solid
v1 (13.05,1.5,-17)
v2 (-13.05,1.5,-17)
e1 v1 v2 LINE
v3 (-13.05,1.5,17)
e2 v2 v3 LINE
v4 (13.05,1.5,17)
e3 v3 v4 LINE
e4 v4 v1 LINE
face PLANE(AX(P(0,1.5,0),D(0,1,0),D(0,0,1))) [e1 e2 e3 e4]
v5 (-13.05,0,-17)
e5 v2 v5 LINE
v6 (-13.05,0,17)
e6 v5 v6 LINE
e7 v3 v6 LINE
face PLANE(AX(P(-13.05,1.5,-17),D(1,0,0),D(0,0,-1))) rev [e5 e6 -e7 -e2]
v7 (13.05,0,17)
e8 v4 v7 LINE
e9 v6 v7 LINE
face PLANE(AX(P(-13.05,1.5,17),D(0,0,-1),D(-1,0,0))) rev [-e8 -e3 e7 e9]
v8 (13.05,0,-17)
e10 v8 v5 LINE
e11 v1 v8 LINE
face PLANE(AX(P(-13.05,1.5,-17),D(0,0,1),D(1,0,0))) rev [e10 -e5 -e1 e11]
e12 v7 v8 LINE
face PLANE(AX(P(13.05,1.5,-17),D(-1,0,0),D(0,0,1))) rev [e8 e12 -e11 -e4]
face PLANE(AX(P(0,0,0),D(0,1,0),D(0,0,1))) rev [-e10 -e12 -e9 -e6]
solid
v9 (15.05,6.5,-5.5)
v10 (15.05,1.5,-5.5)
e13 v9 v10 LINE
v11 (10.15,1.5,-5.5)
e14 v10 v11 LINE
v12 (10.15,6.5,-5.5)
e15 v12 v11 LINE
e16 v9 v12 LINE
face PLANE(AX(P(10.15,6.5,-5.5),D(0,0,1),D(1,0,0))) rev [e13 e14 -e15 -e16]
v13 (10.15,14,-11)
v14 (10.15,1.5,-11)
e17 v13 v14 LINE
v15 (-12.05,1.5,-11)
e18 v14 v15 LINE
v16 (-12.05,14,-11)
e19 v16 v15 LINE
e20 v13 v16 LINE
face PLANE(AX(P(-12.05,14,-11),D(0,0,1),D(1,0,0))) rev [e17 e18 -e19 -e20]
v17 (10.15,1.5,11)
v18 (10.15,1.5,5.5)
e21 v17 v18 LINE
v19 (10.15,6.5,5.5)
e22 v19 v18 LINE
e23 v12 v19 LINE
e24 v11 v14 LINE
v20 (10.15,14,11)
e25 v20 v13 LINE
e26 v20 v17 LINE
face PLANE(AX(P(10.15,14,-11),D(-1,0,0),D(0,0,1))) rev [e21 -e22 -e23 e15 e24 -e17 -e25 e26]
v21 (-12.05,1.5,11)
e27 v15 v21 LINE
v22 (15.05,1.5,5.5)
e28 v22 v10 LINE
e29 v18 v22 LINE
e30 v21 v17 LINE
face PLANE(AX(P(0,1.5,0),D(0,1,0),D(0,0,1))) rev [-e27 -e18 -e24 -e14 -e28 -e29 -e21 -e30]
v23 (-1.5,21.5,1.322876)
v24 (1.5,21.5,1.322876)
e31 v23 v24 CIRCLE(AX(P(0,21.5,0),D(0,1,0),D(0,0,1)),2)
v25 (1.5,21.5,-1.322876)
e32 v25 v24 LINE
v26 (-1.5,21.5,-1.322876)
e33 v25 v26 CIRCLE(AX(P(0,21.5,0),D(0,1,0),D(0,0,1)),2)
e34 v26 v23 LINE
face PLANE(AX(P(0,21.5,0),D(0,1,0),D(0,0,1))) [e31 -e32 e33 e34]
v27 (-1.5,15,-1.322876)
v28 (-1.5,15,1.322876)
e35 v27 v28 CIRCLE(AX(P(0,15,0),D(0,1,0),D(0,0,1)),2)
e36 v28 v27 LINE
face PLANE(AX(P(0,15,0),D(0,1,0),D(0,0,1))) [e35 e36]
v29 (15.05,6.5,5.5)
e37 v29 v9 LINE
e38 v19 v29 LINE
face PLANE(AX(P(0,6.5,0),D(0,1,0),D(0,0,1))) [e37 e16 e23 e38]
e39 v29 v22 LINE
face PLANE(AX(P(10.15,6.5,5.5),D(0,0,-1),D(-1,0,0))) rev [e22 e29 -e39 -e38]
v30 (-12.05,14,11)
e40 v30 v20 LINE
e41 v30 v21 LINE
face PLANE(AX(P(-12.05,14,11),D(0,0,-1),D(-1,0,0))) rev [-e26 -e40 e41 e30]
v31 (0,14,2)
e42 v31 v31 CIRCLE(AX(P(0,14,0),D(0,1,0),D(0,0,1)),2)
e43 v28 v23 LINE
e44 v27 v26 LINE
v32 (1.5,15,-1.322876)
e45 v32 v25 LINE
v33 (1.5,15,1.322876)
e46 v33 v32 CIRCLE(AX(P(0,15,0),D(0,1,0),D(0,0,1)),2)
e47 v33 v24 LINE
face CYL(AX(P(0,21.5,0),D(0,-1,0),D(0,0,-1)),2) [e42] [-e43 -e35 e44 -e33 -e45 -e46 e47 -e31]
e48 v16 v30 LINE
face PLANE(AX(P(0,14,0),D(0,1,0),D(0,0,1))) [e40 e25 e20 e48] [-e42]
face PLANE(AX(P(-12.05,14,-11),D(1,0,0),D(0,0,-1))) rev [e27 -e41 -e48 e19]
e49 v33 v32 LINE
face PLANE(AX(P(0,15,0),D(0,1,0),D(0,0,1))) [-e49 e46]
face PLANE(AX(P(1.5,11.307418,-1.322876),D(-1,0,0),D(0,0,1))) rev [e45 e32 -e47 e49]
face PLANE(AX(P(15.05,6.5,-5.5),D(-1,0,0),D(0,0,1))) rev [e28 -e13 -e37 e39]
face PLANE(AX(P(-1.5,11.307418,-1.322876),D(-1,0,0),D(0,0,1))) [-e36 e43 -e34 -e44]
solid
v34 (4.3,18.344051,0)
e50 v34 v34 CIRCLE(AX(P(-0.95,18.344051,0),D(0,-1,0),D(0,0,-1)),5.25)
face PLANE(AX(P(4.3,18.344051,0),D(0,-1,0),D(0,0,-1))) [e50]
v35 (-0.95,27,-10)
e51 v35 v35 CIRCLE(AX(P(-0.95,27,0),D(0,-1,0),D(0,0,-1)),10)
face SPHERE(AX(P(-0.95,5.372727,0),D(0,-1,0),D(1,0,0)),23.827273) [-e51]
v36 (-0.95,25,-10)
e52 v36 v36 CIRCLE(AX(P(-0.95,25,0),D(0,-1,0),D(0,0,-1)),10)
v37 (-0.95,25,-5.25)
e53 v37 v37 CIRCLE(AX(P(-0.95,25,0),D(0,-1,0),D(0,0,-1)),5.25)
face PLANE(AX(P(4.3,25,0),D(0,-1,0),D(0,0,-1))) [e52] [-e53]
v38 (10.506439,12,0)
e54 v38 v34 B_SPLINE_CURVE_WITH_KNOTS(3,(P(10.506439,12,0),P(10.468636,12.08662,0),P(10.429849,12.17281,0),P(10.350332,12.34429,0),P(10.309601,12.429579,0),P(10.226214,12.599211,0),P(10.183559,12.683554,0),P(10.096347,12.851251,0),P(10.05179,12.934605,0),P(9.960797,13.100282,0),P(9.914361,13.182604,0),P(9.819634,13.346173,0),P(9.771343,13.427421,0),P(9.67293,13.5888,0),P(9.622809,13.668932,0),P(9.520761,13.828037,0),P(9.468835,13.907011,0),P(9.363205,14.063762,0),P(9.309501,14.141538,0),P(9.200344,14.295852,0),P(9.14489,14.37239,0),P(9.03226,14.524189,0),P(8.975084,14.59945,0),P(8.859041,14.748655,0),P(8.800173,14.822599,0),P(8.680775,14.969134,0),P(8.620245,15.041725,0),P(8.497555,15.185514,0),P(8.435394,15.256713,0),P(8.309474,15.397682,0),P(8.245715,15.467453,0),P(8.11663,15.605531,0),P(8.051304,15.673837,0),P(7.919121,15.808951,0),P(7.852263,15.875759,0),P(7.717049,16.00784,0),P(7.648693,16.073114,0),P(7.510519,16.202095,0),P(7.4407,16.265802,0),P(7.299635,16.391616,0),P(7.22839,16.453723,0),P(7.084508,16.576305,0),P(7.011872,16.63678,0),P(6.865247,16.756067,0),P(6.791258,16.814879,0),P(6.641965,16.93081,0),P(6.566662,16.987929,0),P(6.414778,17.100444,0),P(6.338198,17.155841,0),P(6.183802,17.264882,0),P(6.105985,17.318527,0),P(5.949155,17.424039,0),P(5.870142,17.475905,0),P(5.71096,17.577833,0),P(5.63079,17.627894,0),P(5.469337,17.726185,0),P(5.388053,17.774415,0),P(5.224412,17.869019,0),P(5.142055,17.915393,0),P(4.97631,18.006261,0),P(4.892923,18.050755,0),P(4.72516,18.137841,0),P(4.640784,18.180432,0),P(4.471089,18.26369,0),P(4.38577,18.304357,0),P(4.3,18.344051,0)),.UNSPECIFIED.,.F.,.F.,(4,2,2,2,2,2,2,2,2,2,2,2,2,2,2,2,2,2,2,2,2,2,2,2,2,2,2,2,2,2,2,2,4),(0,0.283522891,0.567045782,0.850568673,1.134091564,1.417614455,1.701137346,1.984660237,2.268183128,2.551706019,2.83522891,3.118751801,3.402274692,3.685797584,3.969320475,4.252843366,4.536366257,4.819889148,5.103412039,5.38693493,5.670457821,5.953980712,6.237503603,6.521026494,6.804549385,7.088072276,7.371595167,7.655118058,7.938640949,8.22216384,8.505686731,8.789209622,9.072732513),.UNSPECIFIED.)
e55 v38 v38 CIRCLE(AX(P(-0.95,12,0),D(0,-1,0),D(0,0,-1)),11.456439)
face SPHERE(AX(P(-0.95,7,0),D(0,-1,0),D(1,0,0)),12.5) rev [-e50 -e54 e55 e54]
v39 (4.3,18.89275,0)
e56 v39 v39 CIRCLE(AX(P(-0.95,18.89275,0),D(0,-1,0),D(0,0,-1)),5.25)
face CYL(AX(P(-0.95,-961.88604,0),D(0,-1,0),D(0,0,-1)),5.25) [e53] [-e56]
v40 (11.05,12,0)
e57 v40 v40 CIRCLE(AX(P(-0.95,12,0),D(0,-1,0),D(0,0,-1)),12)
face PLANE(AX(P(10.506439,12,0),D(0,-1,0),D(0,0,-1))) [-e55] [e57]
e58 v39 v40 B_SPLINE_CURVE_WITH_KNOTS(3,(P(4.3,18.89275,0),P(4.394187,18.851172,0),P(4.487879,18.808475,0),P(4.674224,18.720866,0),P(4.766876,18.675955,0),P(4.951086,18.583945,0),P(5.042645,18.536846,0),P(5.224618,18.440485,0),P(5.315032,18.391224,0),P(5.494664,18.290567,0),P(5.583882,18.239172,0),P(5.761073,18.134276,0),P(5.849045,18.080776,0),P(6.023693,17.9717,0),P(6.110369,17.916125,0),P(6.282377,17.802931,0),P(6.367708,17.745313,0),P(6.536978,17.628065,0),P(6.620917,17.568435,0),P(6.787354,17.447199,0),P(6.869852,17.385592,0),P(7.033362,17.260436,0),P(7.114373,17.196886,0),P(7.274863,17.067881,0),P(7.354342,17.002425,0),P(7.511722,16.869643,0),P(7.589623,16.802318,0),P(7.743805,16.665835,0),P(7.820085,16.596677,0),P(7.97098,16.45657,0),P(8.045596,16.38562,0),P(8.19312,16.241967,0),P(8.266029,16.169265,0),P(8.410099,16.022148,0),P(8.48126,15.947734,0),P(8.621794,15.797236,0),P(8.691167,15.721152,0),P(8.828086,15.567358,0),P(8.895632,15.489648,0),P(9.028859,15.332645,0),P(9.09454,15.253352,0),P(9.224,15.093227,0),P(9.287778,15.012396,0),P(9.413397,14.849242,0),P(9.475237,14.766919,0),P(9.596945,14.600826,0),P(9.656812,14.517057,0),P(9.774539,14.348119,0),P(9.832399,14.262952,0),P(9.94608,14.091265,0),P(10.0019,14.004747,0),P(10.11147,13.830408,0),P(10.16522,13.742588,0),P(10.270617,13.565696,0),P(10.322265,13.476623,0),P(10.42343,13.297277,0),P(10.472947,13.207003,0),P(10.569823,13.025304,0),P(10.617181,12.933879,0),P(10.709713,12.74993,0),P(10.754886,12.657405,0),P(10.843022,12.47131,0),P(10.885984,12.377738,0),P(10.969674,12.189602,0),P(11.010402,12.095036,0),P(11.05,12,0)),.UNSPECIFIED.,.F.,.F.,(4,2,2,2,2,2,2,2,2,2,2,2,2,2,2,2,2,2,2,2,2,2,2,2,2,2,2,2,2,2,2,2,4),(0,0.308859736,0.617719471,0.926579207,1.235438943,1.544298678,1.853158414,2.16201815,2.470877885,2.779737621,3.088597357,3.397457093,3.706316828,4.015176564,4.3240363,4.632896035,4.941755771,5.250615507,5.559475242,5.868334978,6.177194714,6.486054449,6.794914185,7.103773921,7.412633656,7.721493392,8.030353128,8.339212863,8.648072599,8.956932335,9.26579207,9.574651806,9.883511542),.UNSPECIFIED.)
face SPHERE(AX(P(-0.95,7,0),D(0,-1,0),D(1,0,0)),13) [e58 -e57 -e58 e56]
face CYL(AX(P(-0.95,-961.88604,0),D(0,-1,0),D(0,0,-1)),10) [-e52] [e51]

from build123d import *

# Parameters (mm, degrees)
SKETCH1_W           = 26.1
SKETCH1_H           = 34
BOSS_EXTRUDE1_DEPTH = 1.5
SKETCH2_W           = 22.2
SKETCH2_H           = 22
BOSS_EXTRUDE2_DEPTH = 12.5
SKETCH3_W           = 4.9
SKETCH3_H           = 11
BOSS_EXTRUDE3_DEPTH = 5
SKETCH4_R           = 2
BOSS_EXTRUDE4_DEPTH = 7.5
SKETCH5_W           = 0.5
SKETCH5_H           = 2.645751312
CUT_EXTRUDE1_DEPTH  = 6.5


with BuildPart() as part:
    # Sketch1 → Boss-Extrude1 (new body)
    with BuildSketch(Plane(origin=(0, 0, 0), x_dir=(1, 0, 0), z_dir=(0, 1, 0))):
        Rectangle(SKETCH1_W, SKETCH1_H)
    extrude(amount=BOSS_EXTRUDE1_DEPTH)


with BuildPart() as body_2:
    # Sketch2 → Boss-Extrude2 (new body)
    with BuildSketch(Plane(origin=(0, 1.5, 0), x_dir=(1, 0, 0), z_dir=(0, 1, 0))):
        with Locations((-0.95, 0)):
            Rectangle(SKETCH2_W, SKETCH2_H)
    extrude(amount=BOSS_EXTRUDE2_DEPTH)

    # Sketch3 → Boss-Extrude3 (add)
    with BuildSketch(Plane(origin=(0, 1.5, 0), x_dir=(1, 0, 0), z_dir=(0, 1, 0))):
        with Locations((12.6, 0)):
            Rectangle(SKETCH3_W, SKETCH3_H)
    extrude(amount=BOSS_EXTRUDE3_DEPTH)

    # Sketch4 → Boss-Extrude4 (add)
    with BuildSketch(Plane(origin=(0, 14, 0), x_dir=(1, 0, 0), z_dir=(0, 1, 0))):
        with Locations(Location((0, 0, 0), (0, 0, 270))):
            Circle(SKETCH4_R)
    extrude(amount=BOSS_EXTRUDE4_DEPTH)

    # Sketch5 → Cut-Extrude1 (cut)
    with BuildSketch(Plane(origin=(0, 21.5, 0), x_dir=(1, 0, 0), z_dir=(0, 1, 0))):
        with Locations((1.75, 0)):
            Rectangle(SKETCH5_W, SKETCH5_H)
    cut_extrude1 = extrude(amount=-CUT_EXTRUDE1_DEPTH, mode=Mode.SUBTRACT)

    # Mirror1: Cut-Extrude1 across plane
    add(cut_extrude1.mirror(Plane(origin=(0, 0, 0), x_dir=(0, 0, 1), z_dir=(1, 0, 0))), mode=Mode.SUBTRACT)


with BuildPart() as body_3:
    # Sketch9 → Revolve1 (revolve)
    with BuildSketch(Plane.XY):
        with BuildLine():
            Line((-0.95, 18.344051305), (-0.95, 29.2))
            ThreePointArc((-0.95, 29.2), (4.169570294, 28.643501338), (9.05, 27))
            Line((9.05, 27), (9.05, 25))
            Line((9.05, 25), (4.3, 25))
            Line((4.3, 25), (4.3, 18.892749892))
            ThreePointArc((4.3, 18.892749892), (8.338063591, 16.09570639), (11.05, 12))
            Line((11.05, 12), (10.506439237, 12))
            ThreePointArc((10.506439237, 12), (7.98521263, 15.741394355), (4.3, 18.344051305))
            Line((4.3, 18.344051305), (-0.95, 18.344051305))
        make_face()
    revolve(axis=Axis((-0.95, -961.886040234, 0), (0, 1, 0)))


solid = Compound([part.part, body_2.part, body_3.part])
